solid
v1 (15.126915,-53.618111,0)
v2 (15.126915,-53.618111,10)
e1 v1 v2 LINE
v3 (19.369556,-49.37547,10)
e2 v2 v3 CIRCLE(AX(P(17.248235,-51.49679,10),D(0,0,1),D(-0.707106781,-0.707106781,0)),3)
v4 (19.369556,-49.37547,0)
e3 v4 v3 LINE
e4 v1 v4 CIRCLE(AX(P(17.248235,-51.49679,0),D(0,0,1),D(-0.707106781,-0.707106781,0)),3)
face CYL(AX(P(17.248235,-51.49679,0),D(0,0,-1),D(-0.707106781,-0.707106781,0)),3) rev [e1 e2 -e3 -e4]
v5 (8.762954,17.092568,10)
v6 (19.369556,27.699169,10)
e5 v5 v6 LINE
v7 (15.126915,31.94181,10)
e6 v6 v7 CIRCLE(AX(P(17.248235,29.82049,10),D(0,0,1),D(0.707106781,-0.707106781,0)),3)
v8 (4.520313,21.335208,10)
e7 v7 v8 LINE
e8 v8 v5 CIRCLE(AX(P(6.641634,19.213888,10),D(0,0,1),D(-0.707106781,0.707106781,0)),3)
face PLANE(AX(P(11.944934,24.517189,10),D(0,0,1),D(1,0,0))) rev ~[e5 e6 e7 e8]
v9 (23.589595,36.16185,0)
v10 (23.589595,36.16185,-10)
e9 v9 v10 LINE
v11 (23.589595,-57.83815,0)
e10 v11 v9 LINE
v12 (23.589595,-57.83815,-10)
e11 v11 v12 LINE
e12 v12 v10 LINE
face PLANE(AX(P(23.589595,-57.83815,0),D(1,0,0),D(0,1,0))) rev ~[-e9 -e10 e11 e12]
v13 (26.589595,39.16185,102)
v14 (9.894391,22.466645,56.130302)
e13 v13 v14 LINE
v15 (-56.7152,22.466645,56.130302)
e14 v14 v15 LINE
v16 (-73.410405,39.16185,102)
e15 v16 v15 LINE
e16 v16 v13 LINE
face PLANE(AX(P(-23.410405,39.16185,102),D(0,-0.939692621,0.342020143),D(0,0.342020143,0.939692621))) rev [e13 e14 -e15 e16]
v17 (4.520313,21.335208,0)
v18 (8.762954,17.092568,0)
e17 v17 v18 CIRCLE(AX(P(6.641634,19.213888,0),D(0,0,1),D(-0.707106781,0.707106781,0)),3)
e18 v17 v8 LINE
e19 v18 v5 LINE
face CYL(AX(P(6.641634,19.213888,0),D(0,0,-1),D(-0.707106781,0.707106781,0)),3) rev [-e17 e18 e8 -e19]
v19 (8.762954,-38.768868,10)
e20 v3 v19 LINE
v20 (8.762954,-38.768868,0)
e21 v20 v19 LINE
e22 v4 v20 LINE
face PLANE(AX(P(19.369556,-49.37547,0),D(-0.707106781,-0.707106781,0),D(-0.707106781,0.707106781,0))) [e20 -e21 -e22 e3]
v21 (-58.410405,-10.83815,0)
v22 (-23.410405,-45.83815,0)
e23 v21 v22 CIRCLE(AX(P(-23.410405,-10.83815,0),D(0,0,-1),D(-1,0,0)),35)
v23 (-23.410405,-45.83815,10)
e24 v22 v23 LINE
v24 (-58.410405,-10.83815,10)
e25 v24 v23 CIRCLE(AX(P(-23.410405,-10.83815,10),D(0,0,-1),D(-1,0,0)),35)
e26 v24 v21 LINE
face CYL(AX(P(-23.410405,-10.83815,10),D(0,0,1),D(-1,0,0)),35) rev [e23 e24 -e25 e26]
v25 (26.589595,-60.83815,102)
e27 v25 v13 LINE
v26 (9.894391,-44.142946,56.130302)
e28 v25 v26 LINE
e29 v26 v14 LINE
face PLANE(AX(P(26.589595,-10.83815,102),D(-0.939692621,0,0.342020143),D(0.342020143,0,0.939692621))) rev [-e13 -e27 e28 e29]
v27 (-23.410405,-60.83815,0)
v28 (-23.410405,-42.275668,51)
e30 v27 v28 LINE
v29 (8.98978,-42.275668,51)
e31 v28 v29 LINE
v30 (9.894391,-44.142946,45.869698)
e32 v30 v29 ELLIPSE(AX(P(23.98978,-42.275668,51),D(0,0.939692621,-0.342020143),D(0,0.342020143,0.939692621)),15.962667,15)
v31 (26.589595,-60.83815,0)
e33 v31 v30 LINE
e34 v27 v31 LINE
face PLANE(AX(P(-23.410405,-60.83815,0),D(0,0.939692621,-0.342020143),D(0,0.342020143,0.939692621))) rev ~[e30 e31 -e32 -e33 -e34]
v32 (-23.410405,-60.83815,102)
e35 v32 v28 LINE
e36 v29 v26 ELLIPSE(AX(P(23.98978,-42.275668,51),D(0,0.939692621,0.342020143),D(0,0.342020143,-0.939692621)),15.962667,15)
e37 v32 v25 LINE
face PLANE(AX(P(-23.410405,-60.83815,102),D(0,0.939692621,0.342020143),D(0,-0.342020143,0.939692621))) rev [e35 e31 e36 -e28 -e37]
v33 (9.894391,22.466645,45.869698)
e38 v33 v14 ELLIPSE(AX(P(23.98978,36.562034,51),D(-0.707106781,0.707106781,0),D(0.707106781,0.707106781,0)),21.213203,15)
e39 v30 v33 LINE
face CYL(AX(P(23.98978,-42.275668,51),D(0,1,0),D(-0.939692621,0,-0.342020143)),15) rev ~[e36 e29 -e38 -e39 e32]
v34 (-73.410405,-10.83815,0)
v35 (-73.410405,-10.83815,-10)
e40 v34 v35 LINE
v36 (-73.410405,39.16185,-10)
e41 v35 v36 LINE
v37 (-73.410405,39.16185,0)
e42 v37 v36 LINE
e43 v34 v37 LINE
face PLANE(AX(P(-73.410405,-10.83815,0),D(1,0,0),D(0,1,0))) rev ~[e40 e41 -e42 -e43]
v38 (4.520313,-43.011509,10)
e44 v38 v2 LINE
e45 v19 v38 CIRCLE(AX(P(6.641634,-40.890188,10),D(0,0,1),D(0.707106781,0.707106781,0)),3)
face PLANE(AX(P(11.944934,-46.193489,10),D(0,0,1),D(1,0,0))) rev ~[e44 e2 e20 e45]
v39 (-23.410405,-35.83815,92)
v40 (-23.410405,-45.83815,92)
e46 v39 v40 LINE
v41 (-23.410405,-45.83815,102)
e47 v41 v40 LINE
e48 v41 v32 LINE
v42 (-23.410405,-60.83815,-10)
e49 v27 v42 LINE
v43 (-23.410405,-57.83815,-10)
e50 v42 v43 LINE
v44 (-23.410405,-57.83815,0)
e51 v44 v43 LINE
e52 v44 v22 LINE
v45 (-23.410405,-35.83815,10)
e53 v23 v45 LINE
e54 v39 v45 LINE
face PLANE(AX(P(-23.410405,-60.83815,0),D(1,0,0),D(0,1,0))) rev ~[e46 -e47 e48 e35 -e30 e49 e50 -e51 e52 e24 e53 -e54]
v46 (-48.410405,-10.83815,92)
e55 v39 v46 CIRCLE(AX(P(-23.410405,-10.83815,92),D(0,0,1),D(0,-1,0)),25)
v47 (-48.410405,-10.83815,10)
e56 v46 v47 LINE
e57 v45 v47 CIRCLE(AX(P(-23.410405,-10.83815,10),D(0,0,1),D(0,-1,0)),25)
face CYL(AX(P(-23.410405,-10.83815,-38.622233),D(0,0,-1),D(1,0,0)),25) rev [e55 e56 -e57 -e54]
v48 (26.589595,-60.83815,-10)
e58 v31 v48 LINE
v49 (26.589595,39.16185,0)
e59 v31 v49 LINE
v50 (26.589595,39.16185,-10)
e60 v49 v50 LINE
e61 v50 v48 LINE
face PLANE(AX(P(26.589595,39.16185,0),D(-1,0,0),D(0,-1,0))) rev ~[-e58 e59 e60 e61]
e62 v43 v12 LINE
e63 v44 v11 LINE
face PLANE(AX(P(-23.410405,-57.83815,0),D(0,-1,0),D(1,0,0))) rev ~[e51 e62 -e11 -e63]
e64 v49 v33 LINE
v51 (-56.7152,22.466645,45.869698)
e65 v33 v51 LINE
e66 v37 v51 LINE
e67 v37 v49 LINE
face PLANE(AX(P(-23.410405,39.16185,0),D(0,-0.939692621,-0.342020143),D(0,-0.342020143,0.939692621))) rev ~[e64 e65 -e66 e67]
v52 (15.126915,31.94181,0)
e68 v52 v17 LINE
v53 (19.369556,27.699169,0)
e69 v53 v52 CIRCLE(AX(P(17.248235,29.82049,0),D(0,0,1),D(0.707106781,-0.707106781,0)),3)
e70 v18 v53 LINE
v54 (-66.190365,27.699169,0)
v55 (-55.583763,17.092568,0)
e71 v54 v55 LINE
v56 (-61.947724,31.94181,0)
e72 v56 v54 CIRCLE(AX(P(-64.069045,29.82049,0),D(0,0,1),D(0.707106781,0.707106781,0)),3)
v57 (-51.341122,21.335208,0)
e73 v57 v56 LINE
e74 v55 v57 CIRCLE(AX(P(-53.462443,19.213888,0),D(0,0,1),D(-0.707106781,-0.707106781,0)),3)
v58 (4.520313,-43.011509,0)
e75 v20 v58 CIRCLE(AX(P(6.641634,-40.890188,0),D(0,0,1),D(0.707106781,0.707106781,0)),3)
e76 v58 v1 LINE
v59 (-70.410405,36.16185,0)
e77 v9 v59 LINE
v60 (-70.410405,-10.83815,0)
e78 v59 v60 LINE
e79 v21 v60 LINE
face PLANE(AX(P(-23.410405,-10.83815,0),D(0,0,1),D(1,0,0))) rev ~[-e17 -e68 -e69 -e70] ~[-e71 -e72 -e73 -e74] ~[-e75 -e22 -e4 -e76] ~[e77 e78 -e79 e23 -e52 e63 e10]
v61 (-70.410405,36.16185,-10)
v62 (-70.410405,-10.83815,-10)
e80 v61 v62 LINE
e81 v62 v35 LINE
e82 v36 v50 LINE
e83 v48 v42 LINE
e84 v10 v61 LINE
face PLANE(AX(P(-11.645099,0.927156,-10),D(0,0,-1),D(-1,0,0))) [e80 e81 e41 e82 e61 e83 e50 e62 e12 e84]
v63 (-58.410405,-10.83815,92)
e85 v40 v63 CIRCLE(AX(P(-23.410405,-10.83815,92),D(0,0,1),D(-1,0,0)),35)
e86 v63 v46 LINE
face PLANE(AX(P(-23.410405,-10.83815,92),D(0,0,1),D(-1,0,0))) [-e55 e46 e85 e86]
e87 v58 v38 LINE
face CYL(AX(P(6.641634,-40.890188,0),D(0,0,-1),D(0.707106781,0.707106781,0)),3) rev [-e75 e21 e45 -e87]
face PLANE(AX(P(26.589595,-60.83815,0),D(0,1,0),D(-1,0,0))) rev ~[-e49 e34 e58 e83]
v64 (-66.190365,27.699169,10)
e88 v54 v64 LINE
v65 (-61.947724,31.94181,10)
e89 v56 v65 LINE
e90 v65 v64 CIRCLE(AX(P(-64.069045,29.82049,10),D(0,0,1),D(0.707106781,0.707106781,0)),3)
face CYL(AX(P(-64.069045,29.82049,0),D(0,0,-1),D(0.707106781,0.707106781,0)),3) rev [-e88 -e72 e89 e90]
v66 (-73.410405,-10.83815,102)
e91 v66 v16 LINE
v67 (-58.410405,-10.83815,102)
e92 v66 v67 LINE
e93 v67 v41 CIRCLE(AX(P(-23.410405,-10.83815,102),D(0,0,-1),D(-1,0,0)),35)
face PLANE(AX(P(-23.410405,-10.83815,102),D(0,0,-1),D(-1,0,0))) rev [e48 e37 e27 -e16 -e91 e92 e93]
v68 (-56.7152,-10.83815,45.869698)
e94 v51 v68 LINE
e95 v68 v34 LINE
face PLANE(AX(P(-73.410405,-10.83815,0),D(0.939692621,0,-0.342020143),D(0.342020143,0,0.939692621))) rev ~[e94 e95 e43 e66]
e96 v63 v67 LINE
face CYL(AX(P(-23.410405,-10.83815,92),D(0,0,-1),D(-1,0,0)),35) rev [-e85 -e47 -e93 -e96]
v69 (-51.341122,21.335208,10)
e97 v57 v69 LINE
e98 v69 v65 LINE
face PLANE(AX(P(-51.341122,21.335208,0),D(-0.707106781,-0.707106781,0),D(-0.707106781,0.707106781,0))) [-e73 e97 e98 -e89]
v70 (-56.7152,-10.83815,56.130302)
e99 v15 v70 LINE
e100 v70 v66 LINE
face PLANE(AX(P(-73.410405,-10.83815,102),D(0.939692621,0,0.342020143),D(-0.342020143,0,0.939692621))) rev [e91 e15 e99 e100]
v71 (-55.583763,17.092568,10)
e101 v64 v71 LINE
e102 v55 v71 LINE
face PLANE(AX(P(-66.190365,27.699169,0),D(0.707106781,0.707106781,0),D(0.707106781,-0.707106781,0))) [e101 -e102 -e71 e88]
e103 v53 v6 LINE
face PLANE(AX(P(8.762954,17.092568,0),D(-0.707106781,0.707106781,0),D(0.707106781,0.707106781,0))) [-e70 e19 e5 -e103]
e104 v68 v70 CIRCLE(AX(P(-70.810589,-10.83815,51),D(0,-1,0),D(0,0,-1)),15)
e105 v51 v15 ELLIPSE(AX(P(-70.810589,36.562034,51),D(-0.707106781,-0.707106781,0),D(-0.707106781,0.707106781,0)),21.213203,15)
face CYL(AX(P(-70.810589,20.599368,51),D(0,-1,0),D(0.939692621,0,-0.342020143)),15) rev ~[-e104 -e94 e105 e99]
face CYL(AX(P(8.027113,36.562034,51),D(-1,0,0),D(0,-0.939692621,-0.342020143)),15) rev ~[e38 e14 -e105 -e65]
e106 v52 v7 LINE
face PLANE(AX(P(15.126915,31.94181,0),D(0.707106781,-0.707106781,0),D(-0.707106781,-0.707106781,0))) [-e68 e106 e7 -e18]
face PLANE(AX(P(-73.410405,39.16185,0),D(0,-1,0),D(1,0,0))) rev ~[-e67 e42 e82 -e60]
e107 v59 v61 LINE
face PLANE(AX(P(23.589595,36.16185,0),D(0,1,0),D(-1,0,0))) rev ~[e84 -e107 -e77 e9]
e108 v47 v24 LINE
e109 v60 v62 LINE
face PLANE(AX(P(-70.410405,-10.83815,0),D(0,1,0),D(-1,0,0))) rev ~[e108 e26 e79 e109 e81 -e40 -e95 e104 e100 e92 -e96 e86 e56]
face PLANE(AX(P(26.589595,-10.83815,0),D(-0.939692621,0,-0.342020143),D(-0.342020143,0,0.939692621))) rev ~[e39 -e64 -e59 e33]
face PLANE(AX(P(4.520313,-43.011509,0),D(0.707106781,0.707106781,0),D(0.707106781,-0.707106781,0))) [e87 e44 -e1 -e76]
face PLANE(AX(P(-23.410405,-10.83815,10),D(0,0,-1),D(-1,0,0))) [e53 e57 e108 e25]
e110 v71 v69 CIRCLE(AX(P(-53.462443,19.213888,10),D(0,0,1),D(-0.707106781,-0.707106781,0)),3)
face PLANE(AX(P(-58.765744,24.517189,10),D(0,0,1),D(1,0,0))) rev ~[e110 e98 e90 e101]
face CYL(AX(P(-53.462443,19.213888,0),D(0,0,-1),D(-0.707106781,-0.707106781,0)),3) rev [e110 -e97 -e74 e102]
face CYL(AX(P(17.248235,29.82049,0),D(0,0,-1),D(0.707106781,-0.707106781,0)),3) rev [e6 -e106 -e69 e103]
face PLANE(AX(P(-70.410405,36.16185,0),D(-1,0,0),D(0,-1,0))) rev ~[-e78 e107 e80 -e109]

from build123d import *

# Parameters (mm, degrees)
ESQUISSE2_W                  = 100
ESQUISSE2_H                  = 100
BOSS_EXTRU_1_DEPTH           = 51
BOSS_EXTRU_1_TAPER           = 20
ENL_V_MAT_EXTRU_1_DEPTH      = 140.622233322
ENL_V_MAT_EXTRU_1_DEPTH_BACK = 140.622233322
ESQUISSE3_R                  = 25
ENL_V_MAT_EXTRU_2_DEPTH      = 140.622233322
ENL_V_MAT_EXTRU_2_DEPTH_BACK = 10
ESQUISSE5_R                  = 35
ENL_V_START                  = -10
ESQUISSE6_R                  = 35
ENL_V_MAT_EXTRU_3_DEPTH      = 10
ESQUISSE7_W                  = 50
ESQUISSE7_H                  = 50
ENL_V_MAT_EXTRU_4_DEPTH      = 140.622233322
CONG_1_R                     = 15
ENL_V_MAT_EXTRU_8_DEPTH      = 10
BOSS_EXTRU_2_DEPTH           = 10


with BuildPart() as part:
    # Esquisse2 → Boss.-Extru.1 (new body)
    with BuildSketch(Plane.XY):
        with Locations((-23.410404624, -10.838150289)):
            Rectangle(ESQUISSE2_W, ESQUISSE2_H)
    boss_extru_1 = extrude(amount=BOSS_EXTRU_1_DEPTH, taper=BOSS_EXTRU_1_TAPER)

    # Symétrie4: Boss.-Extru.1 across plane
    add(boss_extru_1.mirror(Plane.XY.offset(51)))

    # Esquisse3 → Enlèv. mat.-Extru.1 (cut, two sides: drawn at the far end of the back side and taken through both)
    with BuildSketch(Plane.XY.offset(102).offset(-ENL_V_MAT_EXTRU_1_DEPTH_BACK)):
        with Locations((-23.410404624, -10.838150289)):
            Circle(ESQUISSE3_R)
    extrude(amount=ENL_V_MAT_EXTRU_1_DEPTH + ENL_V_MAT_EXTRU_1_DEPTH_BACK, mode=Mode.SUBTRACT)

    # Esquisse5 → Enlèv. mat.-Extru.2 (cut, two sides: drawn at the far end of the back side and taken through both)
    with BuildSketch(Plane.XY.offset(102).offset(-ENL_V_MAT_EXTRU_2_DEPTH_BACK)):
        with Locations(Location((-23.410404624, -10.838150289, 0), (0, 0, 180))):
            Circle(ESQUISSE5_R)
    extrude(amount=ENL_V_MAT_EXTRU_2_DEPTH + ENL_V_MAT_EXTRU_2_DEPTH_BACK, mode=Mode.SUBTRACT)

    # Esquisse6 → Enlèv. mat.-Extru.3 (cut)
    with BuildSketch(Plane(origin=(0, 0, 0), x_dir=(-1, 0, 0), z_dir=(0, 0, -1)).offset(ENL_V_START)):
        with Locations((23.410404624, -10.838150289)):
            Circle(ESQUISSE6_R)
    extrude(amount=ENL_V_MAT_EXTRU_3_DEPTH, mode=Mode.SUBTRACT)

    # Esquisse7 → Enlèv. mat.-Extru.4 (cut, through all)
    with BuildSketch(Plane(origin=(0, 0, 0), x_dir=(-1, 0, 0), z_dir=(0, 0, -1))):
        with Locations((48.410404624, -35.838150289)):
            Rectangle(ESQUISSE7_W, ESQUISSE7_H)
    extrude(amount=-ENL_V_MAT_EXTRU_4_DEPTH, mode=Mode.SUBTRACT)

    # Congé1
    cong_1_edges = [part.edges().sort_by_distance(p)[0] for p in [
        (8.027113428, -10.838150289, 51),
        (-23.410404624, 20.599367763, 51),
        (-54.847922677, 4.880608737, 51),
    ]]
    fillet(cong_1_edges, radius=CONG_1_R)

    # Esquisse8 → Enlèv. mat.-Extru.8 (cut)
    with BuildSketch(Plane(origin=(0, 0, 0), x_dir=(-1, 0, 0), z_dir=(0, 0, -1))):
        with BuildLine():
            Line((-15.12691495, 31.941809973), (-4.520313233, 21.335208255))
            ThreePointArc((-4.520313233, 21.335208255), (-4.520313233, 17.092567568), (-8.76295392, 17.092567568))
            Line((-8.76295392, 17.092567568), (-19.369555638, 27.699169286))
            ThreePointArc((-19.369555638, 27.699169286), (-19.369555638, 31.941809973), (-15.12691495, 31.941809973))
        make_face()
        with BuildLine():
            Line((-19.369555638, -49.375469864), (-8.76295392, -38.768868146))
            ThreePointArc((-8.76295392, -38.768868146), (-4.520313233, -38.768868146), (-4.520313233, -43.011508833))
            Line((-4.520313233, -43.011508833), (-15.12691495, -53.618110551))
            ThreePointArc((-15.12691495, -53.618110551), (-19.369555638, -53.618110551), (-19.369555638, -49.375469864))
        make_face()
        with BuildLine():
            Line((51.341122481, 21.335208255), (61.947724199, 31.941809973))
            ThreePointArc((61.947724199, 31.941809973), (66.190364886, 31.941809973), (66.190364886, 27.699169286))
            Line((66.190364886, 27.699169286), (55.583763168, 17.092567568))
            ThreePointArc((55.583763168, 17.092567568), (51.341122481, 17.092567568), (51.341122481, 21.335208255))
        make_face()
    extrude(amount=-ENL_V_MAT_EXTRU_8_DEPTH, mode=Mode.SUBTRACT)

    # Esquisse9 → Boss.-Extru.2 (add)
    with BuildSketch(Plane(origin=(0, 0, 0), x_dir=(-1, 0, 0), z_dir=(0, 0, -1))):
        Polygon((-26.589595376, -60.838150289), (23.410404624, -60.838150289), (23.410404624, -57.838150289), (-23.589595376, -57.838150289), (-23.589595376, 36.161849711), (70.410404624, 36.161849711), (70.410404624, -10.838150289), (73.410404624, -10.838150289), (73.410404624, 39.161849711), (-26.589595376, 39.161849711), align=None)
    extrude(amount=BOSS_EXTRU_2_DEPTH)


solid = part.part
